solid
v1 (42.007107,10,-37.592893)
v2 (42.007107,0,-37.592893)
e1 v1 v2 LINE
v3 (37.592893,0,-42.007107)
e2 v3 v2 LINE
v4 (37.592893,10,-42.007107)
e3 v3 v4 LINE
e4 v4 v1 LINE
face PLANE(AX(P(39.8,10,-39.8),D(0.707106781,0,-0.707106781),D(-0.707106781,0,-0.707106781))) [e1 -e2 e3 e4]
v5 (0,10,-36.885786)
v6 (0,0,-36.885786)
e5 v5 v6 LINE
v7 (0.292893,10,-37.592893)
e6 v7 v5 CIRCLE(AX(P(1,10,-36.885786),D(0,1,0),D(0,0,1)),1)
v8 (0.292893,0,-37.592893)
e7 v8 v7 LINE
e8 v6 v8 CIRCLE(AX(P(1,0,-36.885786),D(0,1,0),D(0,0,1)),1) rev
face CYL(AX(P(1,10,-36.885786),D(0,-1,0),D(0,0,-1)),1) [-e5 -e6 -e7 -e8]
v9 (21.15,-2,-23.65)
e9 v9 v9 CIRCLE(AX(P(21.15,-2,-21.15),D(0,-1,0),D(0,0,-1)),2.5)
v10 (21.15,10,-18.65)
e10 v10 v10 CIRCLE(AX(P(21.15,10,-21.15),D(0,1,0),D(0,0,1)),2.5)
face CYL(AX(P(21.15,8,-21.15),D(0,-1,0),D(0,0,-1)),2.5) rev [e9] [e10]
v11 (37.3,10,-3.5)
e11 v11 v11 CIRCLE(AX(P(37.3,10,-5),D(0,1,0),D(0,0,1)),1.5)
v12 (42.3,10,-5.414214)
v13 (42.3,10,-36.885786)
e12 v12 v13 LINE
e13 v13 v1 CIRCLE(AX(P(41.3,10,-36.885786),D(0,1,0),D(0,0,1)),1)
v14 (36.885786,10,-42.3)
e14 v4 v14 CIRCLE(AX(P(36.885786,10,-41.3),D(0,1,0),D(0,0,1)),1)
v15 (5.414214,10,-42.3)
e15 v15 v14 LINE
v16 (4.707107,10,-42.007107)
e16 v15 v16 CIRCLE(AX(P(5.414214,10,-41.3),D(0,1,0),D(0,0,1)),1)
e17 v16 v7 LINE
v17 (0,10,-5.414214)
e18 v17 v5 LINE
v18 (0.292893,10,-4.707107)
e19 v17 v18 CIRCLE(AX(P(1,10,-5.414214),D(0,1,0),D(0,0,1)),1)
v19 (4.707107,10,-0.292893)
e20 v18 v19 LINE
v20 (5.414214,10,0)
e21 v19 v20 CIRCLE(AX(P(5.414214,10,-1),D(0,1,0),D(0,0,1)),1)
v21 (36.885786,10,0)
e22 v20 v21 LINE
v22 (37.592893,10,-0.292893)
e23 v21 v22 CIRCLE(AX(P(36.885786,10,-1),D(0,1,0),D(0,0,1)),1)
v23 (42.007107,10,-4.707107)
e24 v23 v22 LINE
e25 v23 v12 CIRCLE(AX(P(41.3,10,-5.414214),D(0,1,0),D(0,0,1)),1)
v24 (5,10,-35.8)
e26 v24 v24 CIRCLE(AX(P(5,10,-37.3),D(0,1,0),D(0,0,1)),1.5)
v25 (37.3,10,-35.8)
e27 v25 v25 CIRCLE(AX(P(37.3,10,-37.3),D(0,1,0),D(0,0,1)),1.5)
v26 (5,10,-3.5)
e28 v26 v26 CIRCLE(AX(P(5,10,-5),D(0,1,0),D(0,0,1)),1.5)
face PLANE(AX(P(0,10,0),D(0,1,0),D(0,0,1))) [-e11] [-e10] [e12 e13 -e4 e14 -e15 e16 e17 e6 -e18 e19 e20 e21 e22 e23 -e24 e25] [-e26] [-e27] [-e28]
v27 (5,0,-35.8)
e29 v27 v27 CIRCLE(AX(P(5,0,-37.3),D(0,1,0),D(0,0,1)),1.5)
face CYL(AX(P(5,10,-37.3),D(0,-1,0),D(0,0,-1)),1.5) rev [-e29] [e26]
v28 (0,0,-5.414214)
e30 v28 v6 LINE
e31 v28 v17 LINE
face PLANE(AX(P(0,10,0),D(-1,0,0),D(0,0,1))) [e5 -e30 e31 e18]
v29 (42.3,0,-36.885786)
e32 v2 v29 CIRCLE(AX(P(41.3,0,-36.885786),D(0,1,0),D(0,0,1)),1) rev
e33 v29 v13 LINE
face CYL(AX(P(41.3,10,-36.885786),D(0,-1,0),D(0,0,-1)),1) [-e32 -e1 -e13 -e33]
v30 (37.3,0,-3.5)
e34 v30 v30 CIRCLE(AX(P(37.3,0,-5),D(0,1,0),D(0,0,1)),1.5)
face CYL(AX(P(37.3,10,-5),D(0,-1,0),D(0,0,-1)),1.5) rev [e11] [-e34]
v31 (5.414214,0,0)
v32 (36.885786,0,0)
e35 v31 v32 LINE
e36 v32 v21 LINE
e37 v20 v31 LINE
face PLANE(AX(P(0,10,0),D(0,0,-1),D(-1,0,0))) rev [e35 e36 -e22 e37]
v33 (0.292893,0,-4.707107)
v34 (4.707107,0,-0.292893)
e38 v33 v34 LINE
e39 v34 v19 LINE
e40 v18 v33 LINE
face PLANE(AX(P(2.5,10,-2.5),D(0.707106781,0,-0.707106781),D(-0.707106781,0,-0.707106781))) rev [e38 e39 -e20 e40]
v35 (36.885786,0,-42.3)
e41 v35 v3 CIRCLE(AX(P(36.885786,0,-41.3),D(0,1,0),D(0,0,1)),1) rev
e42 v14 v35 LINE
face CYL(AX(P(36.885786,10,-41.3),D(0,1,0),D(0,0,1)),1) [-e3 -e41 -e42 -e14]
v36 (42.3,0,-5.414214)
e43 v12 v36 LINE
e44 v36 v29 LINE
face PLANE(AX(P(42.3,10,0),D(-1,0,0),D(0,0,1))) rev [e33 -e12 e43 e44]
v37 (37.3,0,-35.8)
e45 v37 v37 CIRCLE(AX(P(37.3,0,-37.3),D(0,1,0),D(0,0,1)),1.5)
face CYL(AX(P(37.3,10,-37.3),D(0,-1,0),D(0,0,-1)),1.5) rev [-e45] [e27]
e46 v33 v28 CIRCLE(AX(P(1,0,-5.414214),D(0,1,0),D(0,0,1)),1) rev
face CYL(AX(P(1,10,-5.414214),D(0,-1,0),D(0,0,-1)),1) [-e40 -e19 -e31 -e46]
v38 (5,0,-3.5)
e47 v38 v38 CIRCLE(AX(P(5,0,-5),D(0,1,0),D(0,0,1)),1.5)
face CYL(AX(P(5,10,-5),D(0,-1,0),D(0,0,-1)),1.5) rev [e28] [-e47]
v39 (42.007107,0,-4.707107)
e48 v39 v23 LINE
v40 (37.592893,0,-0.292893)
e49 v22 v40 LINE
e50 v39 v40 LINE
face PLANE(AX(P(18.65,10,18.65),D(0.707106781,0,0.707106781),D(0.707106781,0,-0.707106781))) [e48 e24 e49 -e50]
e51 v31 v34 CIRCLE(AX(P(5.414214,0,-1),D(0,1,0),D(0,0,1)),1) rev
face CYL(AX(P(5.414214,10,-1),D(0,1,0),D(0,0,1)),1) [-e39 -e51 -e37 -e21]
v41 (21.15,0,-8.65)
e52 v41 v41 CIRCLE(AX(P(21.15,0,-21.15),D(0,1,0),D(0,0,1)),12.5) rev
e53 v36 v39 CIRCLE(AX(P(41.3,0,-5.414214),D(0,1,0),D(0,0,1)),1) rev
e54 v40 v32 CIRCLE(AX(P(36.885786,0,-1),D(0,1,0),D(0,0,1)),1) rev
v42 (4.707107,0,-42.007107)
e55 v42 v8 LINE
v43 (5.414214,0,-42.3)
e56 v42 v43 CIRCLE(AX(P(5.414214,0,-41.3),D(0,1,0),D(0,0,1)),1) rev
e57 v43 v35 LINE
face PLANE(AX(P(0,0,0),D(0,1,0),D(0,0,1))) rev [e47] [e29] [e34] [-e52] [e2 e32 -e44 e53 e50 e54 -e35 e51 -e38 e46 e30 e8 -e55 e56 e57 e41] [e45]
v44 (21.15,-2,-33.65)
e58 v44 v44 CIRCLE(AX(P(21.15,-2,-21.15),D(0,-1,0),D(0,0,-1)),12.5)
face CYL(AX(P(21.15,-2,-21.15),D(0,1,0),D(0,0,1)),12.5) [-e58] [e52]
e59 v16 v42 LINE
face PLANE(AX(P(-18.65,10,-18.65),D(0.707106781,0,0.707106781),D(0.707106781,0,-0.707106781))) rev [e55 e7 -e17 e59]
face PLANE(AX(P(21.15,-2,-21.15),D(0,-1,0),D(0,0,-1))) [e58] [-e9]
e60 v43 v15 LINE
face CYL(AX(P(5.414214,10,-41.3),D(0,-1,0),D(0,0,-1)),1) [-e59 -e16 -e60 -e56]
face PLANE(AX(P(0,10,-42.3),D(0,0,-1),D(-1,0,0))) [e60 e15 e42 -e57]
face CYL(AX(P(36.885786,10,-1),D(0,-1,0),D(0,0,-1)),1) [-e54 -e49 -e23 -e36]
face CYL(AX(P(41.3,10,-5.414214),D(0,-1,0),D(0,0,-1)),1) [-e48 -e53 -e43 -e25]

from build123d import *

# Parameters (mm, degrees)
SKETCH1_R           = 1.5
BOSS_EXTRUDE1_DEPTH = 10
FILLET1_R           = 1
FILLET2_R           = 1
FILLET3_R           = 1
FILLET4_R           = 1
FILLET5_R           = 1
FILLET6_R           = 1
FILLET7_R           = 1
FILLET8_R           = 1
SKETCH2_R           = 12.5
BOSS_EXTRUDE2_DEPTH = 2
SKETCH4_R           = 2.5
CUT_EXTRUDE1_DEPTH  = 10
SKETCH5_R           = 2.5
CUT_EXTRUDE2_DEPTH  = 50


with BuildPart() as part:
    # Sketch1 → Boss-Extrude1 (new body)
    with BuildSketch(Plane(origin=(0, 0, 0), x_dir=(1, 0, 0), z_dir=(0, 1, 0))):
        Polygon((37.3, 42.3), (5, 42.3), (0, 37.3), (0, 5), (5, 0), (37.3, 0), (42.3, 5), (42.3, 37.3), align=None)
        with Locations(Location((5, 5, 0), (0, 0, 270))):
            Circle(SKETCH1_R, mode=Mode.SUBTRACT)
        with Locations(Location((37.3, 5, 0), (0, 0, 270))):
            Circle(SKETCH1_R, mode=Mode.SUBTRACT)
        with Locations(Location((5, 37.3, 0), (0, 0, 270))):
            Circle(SKETCH1_R, mode=Mode.SUBTRACT)
        with Locations(Location((37.3, 37.3, 0), (0, 0, 270))):
            Circle(SKETCH1_R, mode=Mode.SUBTRACT)
    extrude(amount=BOSS_EXTRUDE1_DEPTH)

    # Fillet1
    fillet1_edges = [part.edges().sort_by_distance(p)[0] for p in [
        (0, 5, -5),
    ]]
    fillet(fillet1_edges, radius=FILLET1_R)

    # Fillet2
    fillet2_edges = [part.edges().sort_by_distance(p)[0] for p in [
        (5, 5, 0),
    ]]
    fillet(fillet2_edges, radius=FILLET2_R)

    # Fillet3
    fillet3_edges = [part.edges().sort_by_distance(p)[0] for p in [
        (37.3, 5, 0),
    ]]
    fillet(fillet3_edges, radius=FILLET3_R)

    # Fillet4
    fillet4_edges = [part.edges().sort_by_distance(p)[0] for p in [
        (42.3, 5, -5),
    ]]
    fillet(fillet4_edges, radius=FILLET4_R)

    # Fillet5
    fillet5_edges = [part.edges().sort_by_distance(p)[0] for p in [
        (42.3, 5, -37.3),
    ]]
    fillet(fillet5_edges, radius=FILLET5_R)

    # Fillet6
    fillet6_edges = [part.edges().sort_by_distance(p)[0] for p in [
        (37.3, 5, -42.3),
    ]]
    fillet(fillet6_edges, radius=FILLET6_R)

    # Fillet7
    fillet7_edges = [part.edges().sort_by_distance(p)[0] for p in [
        (5, 5, -42.3),
    ]]
    fillet(fillet7_edges, radius=FILLET7_R)

    # Fillet8
    fillet8_edges = [part.edges().sort_by_distance(p)[0] for p in [
        (0, 5, -37.3),
    ]]
    fillet(fillet8_edges, radius=FILLET8_R)

    # Sketch2 → Boss-Extrude2 (add)
    with BuildSketch(Plane.XZ):
        with Locations(Location((21.15, -21.15, 0), (0, 0, 90))):
            Circle(SKETCH2_R)
    extrude(amount=BOSS_EXTRUDE2_DEPTH)

    # Sketch4 → Cut-Extrude1 (cut)
    with BuildSketch(Plane.XZ.offset(2)):
        with Locations(Location((21.15, -21.15, 0), (0, 0, 270))):
            Circle(SKETCH4_R)
    extrude(amount=-CUT_EXTRUDE1_DEPTH, mode=Mode.SUBTRACT)

    # Sketch5 → Cut-Extrude2 (cut)
    with BuildSketch(Plane.XZ.offset(2)):
        with Locations(Location((21.15, -21.15, 0), (0, 0, 270))):
            Circle(SKETCH5_R)
    extrude(amount=-CUT_EXTRUDE2_DEPTH, mode=Mode.SUBTRACT)


solid = part.part
